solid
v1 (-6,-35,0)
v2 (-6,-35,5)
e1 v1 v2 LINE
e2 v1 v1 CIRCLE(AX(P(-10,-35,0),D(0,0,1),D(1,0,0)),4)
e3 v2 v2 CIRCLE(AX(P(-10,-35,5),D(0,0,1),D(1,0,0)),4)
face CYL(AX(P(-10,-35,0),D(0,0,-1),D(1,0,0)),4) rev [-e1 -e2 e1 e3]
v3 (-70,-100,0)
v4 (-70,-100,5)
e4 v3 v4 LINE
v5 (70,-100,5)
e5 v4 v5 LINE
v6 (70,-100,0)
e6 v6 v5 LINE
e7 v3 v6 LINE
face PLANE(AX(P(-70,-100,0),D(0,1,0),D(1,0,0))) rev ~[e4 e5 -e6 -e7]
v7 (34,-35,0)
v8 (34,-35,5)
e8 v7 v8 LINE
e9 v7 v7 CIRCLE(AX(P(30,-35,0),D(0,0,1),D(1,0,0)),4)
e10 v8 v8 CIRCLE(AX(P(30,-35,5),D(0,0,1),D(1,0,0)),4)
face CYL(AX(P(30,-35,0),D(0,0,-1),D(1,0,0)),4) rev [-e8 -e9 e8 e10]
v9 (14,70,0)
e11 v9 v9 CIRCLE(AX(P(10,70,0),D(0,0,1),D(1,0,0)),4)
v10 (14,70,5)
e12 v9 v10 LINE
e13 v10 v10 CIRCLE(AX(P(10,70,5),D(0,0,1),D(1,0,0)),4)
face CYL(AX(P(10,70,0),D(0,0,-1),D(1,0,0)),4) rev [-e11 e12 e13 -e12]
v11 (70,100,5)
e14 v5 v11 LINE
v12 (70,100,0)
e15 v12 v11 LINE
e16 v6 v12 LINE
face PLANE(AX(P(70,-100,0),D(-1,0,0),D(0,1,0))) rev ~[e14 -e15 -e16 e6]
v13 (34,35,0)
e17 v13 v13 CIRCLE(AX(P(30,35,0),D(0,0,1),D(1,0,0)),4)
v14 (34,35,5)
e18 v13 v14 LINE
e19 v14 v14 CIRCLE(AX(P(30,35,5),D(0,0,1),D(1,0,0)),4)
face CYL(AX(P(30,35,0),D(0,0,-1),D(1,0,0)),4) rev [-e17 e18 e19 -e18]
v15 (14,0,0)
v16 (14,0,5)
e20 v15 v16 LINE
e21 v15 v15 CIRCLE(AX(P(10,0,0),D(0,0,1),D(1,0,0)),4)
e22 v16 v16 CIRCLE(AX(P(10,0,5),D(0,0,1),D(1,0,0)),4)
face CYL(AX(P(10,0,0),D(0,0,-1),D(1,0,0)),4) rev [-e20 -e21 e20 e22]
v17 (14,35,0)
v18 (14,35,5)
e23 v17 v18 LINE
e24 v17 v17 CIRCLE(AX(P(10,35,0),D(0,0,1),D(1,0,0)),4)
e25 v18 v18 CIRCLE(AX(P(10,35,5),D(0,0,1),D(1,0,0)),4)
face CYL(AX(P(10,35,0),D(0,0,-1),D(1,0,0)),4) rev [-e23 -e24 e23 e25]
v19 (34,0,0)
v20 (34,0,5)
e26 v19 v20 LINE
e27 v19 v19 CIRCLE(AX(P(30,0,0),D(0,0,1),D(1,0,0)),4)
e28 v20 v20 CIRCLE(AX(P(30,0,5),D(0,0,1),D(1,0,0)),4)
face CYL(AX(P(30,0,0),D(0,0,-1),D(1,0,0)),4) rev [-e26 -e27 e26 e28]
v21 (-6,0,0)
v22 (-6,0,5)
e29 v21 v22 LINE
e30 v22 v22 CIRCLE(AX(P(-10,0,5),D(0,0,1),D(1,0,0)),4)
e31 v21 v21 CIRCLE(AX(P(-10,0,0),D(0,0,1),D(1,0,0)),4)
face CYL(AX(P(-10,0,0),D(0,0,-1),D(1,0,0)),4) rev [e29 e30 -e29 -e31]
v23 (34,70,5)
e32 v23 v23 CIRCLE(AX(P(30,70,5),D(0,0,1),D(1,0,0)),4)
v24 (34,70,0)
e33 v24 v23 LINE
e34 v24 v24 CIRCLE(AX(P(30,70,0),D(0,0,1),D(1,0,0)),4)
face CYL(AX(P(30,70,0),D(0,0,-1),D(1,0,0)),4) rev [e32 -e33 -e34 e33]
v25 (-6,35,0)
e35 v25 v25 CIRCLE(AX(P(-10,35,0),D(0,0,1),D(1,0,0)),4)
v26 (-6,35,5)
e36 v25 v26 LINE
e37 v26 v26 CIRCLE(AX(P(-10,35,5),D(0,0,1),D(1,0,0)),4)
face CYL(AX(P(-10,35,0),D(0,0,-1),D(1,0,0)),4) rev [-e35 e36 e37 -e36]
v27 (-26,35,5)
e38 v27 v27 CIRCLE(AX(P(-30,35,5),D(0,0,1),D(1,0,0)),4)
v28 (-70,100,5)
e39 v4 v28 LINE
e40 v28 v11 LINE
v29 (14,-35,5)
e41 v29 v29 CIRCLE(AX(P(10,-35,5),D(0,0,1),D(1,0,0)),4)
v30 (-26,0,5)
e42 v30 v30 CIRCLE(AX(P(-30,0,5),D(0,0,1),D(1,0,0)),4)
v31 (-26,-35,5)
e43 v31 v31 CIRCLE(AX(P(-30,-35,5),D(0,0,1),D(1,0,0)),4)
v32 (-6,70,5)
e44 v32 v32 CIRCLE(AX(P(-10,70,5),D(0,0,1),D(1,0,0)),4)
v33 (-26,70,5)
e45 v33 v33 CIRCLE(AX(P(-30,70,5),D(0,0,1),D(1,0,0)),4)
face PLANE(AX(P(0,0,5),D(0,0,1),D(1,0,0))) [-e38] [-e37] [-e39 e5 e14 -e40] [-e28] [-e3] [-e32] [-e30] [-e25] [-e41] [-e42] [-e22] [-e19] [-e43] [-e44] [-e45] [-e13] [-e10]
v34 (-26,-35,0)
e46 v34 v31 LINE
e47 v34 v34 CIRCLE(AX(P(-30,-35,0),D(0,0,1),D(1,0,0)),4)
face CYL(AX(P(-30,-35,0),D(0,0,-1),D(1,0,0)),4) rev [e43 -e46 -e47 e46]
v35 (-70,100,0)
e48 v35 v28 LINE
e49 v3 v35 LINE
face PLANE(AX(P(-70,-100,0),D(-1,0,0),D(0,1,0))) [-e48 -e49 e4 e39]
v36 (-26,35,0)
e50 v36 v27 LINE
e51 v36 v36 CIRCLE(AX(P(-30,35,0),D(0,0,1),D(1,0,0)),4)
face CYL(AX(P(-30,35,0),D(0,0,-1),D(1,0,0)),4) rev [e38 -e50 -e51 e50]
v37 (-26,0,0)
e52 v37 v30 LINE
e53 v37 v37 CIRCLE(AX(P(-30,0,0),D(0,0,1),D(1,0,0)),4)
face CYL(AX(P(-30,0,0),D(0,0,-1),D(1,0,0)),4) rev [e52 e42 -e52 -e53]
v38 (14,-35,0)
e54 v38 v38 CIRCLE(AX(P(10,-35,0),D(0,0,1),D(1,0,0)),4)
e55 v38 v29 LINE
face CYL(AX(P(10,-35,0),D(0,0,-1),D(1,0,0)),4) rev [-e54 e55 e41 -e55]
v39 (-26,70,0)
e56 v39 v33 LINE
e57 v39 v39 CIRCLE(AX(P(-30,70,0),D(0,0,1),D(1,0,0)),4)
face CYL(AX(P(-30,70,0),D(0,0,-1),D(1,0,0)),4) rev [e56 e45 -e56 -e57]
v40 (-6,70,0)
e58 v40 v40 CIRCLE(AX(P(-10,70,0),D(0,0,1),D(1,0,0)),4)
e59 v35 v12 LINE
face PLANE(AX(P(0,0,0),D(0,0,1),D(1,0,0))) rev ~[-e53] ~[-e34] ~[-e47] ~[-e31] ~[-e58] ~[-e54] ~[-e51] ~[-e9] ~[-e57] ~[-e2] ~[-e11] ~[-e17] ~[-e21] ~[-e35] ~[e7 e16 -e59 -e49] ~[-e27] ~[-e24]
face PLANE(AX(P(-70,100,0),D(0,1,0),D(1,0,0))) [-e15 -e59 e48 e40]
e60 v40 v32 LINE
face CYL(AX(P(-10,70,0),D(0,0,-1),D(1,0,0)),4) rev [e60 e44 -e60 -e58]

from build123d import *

# Parameters (mm, degrees)
F0_W     = 140
F0_H     = 200
F0_R     = 4
F1_DEPTH = 5


with BuildPart() as f1:
    # F0 (on Top) → F1 (new body)
    with BuildSketch(Plane.XY):
        Rectangle(F0_W, F0_H)
        with Locations((-30, -35)):
            Circle(F0_R, mode=Mode.SUBTRACT)
        with Locations((-10, -35)):
            Circle(F0_R, mode=Mode.SUBTRACT)
        with Locations((10, -35)):
            Circle(F0_R, mode=Mode.SUBTRACT)
        with Locations((30, -35)):
            Circle(F0_R, mode=Mode.SUBTRACT)
        with Locations((-30, 0)):
            Circle(F0_R, mode=Mode.SUBTRACT)
        with Locations((-10, 0)):
            Circle(F0_R, mode=Mode.SUBTRACT)
        with Locations((-30, 35)):
            Circle(F0_R, mode=Mode.SUBTRACT)
        with Locations((-10, 35)):
            Circle(F0_R, mode=Mode.SUBTRACT)
        with Locations((-30, 70)):
            Circle(F0_R, mode=Mode.SUBTRACT)
        with Locations((-10, 70)):
            Circle(F0_R, mode=Mode.SUBTRACT)
        with Locations((10, 0)):
            Circle(F0_R, mode=Mode.SUBTRACT)
        with Locations((30, 0)):
            Circle(F0_R, mode=Mode.SUBTRACT)
        with Locations((10, 35)):
            Circle(F0_R, mode=Mode.SUBTRACT)
        with Locations((30, 35)):
            Circle(F0_R, mode=Mode.SUBTRACT)
        with Locations((10, 70)):
            Circle(F0_R, mode=Mode.SUBTRACT)
        with Locations((30, 70)):
            Circle(F0_R, mode=Mode.SUBTRACT)
    extrude(amount=F1_DEPTH)


solid = f1.part
